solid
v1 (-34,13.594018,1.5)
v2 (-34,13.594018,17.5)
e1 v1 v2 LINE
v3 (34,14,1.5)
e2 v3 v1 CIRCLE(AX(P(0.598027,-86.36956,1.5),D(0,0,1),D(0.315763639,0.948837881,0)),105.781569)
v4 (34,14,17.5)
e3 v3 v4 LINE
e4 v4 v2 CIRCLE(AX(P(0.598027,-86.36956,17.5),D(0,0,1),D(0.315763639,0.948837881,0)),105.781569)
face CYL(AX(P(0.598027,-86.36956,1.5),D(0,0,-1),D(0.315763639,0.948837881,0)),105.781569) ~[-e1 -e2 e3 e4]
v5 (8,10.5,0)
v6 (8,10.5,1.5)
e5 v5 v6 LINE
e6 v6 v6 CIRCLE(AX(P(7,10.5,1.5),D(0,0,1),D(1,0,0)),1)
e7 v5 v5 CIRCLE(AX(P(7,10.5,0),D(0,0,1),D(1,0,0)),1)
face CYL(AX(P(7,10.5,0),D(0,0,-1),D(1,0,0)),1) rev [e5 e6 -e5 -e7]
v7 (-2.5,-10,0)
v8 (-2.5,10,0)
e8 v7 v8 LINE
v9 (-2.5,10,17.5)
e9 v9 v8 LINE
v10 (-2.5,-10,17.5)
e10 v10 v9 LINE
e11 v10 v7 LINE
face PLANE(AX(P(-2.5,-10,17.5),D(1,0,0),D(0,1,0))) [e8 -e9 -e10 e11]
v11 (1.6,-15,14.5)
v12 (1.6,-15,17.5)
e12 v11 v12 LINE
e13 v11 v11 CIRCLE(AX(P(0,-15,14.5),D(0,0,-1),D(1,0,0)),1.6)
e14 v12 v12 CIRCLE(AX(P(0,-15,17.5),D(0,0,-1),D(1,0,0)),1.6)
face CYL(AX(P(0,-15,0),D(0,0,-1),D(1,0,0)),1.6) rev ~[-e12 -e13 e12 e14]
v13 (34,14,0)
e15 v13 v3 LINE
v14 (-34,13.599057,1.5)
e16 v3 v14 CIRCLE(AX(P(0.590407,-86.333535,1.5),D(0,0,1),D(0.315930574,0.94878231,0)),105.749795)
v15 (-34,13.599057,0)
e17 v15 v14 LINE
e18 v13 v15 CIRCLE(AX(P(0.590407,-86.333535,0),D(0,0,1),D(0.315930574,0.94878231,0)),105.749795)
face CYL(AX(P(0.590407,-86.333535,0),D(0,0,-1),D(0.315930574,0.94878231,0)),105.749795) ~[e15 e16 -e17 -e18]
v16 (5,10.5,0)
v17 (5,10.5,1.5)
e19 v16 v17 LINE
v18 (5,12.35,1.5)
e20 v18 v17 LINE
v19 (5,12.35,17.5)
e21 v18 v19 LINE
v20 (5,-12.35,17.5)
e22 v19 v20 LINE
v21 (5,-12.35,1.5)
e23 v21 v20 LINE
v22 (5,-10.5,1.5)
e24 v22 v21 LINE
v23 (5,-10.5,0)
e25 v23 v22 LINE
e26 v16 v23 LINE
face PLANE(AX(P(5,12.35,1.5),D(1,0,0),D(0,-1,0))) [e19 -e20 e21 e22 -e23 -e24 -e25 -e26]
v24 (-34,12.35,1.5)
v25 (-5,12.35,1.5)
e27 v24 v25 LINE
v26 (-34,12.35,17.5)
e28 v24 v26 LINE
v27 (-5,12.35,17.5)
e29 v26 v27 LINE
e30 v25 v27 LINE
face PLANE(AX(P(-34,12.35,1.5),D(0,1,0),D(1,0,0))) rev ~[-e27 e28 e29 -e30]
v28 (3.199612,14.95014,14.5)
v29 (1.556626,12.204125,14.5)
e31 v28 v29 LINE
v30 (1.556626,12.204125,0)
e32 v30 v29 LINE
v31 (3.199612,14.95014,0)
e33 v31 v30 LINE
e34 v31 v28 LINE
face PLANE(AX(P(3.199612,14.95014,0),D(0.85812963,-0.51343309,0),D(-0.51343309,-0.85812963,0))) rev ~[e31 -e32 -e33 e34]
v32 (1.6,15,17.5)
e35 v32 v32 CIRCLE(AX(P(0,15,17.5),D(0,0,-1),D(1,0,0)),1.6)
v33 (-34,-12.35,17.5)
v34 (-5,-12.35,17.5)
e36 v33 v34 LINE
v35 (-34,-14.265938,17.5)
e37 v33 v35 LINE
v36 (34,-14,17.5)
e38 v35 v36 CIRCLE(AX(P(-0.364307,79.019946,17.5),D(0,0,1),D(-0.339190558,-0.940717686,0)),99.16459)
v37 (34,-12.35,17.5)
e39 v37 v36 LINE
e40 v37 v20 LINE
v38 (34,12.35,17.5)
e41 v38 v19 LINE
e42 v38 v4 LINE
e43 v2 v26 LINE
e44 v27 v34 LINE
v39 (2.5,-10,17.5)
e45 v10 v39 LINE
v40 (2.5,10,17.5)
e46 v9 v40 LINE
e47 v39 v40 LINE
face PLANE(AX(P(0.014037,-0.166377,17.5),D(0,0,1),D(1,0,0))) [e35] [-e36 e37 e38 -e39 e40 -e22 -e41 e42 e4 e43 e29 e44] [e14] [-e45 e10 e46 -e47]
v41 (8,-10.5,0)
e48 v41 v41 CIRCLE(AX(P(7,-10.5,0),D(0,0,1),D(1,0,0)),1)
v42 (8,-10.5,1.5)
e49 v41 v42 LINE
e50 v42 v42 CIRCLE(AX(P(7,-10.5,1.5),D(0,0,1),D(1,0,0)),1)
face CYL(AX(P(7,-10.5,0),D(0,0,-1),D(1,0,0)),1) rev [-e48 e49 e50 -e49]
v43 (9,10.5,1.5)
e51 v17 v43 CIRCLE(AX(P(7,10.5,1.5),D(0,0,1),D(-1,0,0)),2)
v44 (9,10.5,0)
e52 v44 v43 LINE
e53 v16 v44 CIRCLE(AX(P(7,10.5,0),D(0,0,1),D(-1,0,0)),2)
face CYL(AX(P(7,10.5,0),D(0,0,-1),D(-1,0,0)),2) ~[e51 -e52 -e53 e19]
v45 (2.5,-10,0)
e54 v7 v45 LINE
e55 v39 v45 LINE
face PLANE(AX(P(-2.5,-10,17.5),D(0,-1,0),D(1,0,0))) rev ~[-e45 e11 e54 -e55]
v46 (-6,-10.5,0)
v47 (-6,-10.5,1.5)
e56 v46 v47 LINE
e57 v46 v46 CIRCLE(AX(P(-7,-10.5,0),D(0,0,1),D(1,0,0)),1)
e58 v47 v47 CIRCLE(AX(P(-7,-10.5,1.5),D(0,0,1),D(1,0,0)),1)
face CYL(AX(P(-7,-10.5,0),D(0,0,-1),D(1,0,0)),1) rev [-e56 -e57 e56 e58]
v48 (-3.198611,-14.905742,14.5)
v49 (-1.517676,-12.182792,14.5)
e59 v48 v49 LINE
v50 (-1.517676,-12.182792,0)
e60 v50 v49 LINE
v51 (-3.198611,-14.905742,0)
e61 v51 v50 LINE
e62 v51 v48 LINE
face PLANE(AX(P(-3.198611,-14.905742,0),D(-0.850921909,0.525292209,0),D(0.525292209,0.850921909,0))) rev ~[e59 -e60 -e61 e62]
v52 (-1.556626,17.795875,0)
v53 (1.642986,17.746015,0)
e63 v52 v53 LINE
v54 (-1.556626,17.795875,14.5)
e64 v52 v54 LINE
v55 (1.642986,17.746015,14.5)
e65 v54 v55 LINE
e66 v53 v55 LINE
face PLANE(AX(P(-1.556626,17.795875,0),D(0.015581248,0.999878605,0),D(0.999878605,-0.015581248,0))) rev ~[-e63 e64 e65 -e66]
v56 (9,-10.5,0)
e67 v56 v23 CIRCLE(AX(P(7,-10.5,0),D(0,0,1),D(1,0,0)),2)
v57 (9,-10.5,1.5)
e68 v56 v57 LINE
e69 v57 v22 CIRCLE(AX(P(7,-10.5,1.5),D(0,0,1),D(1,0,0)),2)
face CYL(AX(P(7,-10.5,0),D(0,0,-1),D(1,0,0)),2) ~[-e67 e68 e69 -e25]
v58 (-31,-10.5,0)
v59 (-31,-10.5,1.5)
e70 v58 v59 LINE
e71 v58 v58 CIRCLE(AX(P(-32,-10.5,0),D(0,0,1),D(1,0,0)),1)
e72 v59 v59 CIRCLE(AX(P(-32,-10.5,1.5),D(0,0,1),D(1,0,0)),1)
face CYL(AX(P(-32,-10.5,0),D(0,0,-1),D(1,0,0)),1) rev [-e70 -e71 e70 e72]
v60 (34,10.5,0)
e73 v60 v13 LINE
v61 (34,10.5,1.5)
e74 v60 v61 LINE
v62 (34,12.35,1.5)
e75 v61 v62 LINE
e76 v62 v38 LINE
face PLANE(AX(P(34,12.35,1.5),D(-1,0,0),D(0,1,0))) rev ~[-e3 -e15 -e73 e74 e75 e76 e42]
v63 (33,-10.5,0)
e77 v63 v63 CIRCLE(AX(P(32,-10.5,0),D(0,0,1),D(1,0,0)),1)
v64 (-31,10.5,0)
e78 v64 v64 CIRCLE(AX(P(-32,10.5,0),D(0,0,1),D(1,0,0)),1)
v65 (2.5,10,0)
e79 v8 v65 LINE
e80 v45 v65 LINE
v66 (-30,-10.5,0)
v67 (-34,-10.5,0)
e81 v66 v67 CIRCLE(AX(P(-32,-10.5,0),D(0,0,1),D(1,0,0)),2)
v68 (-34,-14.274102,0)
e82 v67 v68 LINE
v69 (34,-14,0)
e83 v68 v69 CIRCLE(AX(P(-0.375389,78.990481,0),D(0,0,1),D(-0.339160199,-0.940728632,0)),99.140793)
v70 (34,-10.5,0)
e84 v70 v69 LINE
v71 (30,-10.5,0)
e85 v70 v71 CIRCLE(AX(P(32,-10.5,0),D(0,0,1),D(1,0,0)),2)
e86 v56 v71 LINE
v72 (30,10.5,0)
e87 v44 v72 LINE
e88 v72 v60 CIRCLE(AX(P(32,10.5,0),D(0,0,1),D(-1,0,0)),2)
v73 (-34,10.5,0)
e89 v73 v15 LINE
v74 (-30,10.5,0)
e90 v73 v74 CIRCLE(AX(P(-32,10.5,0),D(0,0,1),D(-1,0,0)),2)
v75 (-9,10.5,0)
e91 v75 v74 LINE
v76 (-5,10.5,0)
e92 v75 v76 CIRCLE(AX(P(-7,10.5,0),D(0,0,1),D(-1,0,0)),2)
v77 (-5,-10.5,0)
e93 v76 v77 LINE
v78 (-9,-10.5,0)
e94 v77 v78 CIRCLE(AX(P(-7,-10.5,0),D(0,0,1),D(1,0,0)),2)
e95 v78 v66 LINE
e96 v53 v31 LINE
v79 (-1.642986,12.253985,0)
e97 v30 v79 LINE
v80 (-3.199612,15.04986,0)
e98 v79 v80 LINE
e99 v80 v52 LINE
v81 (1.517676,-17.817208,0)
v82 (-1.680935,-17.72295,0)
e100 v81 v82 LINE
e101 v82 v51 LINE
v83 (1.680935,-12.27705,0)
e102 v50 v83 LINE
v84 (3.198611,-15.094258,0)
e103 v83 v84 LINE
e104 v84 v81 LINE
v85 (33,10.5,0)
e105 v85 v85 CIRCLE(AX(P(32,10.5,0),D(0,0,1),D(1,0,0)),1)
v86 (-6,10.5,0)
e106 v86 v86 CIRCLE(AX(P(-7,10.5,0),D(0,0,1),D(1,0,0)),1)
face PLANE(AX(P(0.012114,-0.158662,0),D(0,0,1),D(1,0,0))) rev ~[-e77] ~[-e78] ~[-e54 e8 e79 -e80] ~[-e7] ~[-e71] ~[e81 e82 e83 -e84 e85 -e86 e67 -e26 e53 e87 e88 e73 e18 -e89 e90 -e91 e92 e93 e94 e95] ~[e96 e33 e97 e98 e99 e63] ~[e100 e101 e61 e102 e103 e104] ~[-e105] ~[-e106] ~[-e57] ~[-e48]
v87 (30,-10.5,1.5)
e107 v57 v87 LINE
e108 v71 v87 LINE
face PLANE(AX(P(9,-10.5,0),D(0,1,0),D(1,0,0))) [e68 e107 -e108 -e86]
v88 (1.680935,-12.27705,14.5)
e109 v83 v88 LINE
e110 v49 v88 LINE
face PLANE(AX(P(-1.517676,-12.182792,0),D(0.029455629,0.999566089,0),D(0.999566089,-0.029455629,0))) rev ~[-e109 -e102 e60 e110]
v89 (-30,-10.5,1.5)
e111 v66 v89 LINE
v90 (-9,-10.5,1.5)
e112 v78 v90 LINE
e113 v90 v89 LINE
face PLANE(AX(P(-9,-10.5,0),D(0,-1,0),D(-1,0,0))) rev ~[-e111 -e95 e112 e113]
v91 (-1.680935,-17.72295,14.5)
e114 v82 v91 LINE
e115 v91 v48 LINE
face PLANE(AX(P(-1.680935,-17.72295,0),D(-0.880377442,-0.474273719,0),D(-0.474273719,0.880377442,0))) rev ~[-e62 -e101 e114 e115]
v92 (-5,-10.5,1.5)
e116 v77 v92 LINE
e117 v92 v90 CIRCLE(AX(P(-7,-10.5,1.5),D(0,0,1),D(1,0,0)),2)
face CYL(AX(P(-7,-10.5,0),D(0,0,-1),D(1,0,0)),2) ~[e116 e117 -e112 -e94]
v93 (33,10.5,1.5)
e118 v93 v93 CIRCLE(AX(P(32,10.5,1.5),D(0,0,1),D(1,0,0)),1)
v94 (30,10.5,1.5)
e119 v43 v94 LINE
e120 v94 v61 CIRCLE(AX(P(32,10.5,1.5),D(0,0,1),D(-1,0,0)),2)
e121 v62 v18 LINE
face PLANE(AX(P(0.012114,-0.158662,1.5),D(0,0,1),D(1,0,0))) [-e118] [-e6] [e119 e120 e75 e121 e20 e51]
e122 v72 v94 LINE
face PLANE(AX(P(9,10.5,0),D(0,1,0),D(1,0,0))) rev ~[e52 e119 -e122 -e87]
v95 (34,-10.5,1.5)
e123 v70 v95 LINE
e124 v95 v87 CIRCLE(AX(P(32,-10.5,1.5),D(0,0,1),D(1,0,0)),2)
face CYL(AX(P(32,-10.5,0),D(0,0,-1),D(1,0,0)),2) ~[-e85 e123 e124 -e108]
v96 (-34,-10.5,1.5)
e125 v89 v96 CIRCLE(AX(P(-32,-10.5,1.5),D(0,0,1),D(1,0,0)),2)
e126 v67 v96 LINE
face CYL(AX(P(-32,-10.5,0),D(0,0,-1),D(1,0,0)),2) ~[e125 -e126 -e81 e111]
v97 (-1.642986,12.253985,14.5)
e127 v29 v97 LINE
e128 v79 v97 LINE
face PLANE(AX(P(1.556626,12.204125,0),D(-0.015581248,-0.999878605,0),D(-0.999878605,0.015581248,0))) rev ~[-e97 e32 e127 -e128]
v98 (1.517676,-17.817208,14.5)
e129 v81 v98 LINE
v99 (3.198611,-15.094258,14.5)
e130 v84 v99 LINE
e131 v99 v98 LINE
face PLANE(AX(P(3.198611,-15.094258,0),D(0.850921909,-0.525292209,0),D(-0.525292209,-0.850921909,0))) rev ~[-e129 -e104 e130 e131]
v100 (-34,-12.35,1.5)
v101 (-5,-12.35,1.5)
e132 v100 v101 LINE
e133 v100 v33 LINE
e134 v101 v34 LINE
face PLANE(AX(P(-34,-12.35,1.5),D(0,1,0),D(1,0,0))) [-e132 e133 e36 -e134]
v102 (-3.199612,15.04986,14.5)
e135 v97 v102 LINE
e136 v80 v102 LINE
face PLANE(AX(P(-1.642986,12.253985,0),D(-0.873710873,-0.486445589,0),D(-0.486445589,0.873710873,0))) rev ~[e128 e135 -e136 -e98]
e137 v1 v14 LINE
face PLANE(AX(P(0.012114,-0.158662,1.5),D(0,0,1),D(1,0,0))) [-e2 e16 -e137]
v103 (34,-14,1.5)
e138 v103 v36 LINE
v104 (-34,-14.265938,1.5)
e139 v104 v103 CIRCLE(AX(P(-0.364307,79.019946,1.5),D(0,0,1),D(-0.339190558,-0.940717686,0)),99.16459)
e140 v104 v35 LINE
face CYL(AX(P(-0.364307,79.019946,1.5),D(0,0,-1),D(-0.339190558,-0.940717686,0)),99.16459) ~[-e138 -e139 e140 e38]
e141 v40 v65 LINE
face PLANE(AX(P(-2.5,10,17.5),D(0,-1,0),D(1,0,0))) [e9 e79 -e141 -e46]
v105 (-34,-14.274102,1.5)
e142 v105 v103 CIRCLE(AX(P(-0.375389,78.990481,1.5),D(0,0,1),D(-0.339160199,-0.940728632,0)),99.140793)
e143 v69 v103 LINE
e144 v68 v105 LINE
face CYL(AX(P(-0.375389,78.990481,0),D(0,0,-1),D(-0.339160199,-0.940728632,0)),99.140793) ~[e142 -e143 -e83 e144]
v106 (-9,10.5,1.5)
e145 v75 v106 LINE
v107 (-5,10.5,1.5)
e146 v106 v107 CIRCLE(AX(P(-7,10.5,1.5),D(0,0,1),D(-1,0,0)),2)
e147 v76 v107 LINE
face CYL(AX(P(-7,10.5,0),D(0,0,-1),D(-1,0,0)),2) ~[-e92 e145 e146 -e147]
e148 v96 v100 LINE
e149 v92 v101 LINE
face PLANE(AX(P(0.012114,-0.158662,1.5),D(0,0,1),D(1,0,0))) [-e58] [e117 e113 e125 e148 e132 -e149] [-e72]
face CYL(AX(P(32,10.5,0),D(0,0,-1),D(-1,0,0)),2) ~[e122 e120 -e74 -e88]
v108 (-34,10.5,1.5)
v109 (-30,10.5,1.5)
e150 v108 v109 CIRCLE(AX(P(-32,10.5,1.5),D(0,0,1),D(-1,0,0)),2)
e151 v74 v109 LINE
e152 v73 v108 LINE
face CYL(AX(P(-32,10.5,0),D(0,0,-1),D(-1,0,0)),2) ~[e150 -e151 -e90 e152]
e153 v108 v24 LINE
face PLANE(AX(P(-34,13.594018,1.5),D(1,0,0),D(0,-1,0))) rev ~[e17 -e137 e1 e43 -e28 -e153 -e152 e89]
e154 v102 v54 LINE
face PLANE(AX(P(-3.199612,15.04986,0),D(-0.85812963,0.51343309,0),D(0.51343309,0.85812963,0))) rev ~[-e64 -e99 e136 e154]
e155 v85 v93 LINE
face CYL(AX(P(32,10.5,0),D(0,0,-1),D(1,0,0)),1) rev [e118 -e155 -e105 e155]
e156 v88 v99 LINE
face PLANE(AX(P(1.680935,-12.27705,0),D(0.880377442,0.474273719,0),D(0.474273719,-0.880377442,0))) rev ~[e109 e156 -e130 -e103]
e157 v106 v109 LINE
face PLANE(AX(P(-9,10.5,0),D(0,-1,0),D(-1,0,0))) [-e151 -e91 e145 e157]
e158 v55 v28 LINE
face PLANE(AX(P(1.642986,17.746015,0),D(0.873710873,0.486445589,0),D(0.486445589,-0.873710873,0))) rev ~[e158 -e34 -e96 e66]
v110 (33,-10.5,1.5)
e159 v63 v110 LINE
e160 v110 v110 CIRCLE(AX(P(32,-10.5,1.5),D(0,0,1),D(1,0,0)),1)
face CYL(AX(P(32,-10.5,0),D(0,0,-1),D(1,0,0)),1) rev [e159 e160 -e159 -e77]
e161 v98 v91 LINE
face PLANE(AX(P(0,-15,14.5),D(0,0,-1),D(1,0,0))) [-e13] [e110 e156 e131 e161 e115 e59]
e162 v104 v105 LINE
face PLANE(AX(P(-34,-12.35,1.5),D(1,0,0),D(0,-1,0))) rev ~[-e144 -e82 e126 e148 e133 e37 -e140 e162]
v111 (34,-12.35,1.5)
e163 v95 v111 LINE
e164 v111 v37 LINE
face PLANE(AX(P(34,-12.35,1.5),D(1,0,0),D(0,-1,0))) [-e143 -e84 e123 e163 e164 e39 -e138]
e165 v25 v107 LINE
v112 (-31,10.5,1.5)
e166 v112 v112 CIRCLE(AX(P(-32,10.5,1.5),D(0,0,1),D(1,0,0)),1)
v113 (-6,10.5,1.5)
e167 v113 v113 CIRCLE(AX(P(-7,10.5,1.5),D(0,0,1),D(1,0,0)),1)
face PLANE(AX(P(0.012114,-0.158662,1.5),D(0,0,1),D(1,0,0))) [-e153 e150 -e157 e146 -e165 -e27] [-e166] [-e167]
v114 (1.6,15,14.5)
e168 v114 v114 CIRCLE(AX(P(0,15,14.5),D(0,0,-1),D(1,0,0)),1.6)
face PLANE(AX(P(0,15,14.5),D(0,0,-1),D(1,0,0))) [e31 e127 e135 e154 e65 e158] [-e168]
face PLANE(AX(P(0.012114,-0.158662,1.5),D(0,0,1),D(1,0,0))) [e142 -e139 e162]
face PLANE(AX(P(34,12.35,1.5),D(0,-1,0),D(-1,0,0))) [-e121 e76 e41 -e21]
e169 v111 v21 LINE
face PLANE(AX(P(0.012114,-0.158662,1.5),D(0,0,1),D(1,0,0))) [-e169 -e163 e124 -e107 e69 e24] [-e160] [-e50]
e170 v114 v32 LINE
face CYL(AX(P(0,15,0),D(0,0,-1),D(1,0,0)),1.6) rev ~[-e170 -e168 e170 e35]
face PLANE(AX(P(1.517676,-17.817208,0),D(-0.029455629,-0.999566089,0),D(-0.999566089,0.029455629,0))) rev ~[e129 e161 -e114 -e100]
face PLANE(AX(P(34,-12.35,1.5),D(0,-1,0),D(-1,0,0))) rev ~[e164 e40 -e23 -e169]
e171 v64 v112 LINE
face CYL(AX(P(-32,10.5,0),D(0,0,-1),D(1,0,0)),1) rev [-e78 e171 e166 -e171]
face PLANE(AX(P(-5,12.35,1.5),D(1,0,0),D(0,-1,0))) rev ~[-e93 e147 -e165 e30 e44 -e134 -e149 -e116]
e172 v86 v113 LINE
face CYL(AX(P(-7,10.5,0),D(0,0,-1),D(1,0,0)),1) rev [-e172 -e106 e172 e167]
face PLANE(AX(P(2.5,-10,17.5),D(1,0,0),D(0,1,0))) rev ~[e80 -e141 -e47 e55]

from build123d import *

# Parameters (mm, degrees)
SKETCH_R        = 1
PAD_DEPTH       = 1.5
PAD001_DEPTH    = 16
SKETCH002_R     = 1.6
POCKET_DEPTH    = 40
POCKET001_DEPTH = 14.5
SKETCH006_W     = 5
SKETCH006_H     = 20
POCKET002_DEPTH = 20


with BuildPart() as part:
    # Sketch → Pad (new body)
    with BuildSketch(Plane.XY):
        with BuildLine():
            Line((9, 10.5), (30, 10.5))
            ThreePointArc((30, 10.5), (32, 8.5), (34, 10.5))
            Line((34, 10.5), (34, 14))
            ThreePointArc((34, 14), (-0.033107, 19.414422), (-34, 13.599057))
            Line((-34, 10.5), (-34, 13.599057))
            ThreePointArc((-34, 10.5), (-32, 8.5), (-30, 10.5))
            Line((-9, 10.5), (-30, 10.5))
            ThreePointArc((-9, 10.5), (-7, 8.5), (-5, 10.5))
            Line((-5, 10.5), (-5, -10.5))
            ThreePointArc((-5, -10.5), (-7, -8.5), (-9, -10.5))
            Line((-9, -10.5), (-30, -10.5))
            ThreePointArc((-30, -10.5), (-32, -8.5), (-34, -10.5))
            Line((-34, -10.5), (-34, -14.274102))
            ThreePointArc((-34, -14.274102), (0.024236, -20.149507), (34, -14))
            Line((34, -10.5), (34, -14))
            ThreePointArc((34, -10.5), (32, -8.5), (30, -10.5))
            Line((9, -10.5), (30, -10.5))
            ThreePointArc((9, -10.5), (7, -8.5), (5, -10.5))
            Line((5, 10.5), (5, -10.5))
            ThreePointArc((5, 10.5), (7, 8.5), (9, 10.5))
        make_face()
        with Locations((7, 10.5)):
            Circle(SKETCH_R, mode=Mode.SUBTRACT)
        with Locations((7, -10.5)):
            Circle(SKETCH_R, mode=Mode.SUBTRACT)
        with Locations((32, 10.5)):
            Circle(SKETCH_R, mode=Mode.SUBTRACT)
        with Locations((32, -10.5)):
            Circle(SKETCH_R, mode=Mode.SUBTRACT)
        with Locations((-7, 10.5)):
            Circle(SKETCH_R, mode=Mode.SUBTRACT)
        with Locations((-7, -10.5)):
            Circle(SKETCH_R, mode=Mode.SUBTRACT)
        with Locations((-32, 10.5)):
            Circle(SKETCH_R, mode=Mode.SUBTRACT)
        with Locations((-32, -10.5)):
            Circle(SKETCH_R, mode=Mode.SUBTRACT)
    extrude(amount=PAD_DEPTH)

    # Sketch001 → Pad001 (new body)
    with BuildSketch(Plane.XY.offset(1.5)):
        with BuildLine():
            Line((-34, 12.35), (-5, 12.35))
            Line((-5, 12.35), (-5, 10.5))
            Line((-5, 10.5), (-5, -10.5))
            Line((-5, -10.5), (-5, -12.35))
            Line((-34, -12.35), (-5, -12.35))
            Line((-34, -12.35), (-34, -14.265938))
            ThreePointArc((-34, -14.265938), (0.023508, -20.143886), (34, -14))
            Line((34, -12.35), (34, -14))
            Line((34, -12.35), (5, -12.35))
            Line((5, -10.5), (5, -12.35))
            Line((5, 10.5), (5, -10.5))
            Line((5, 12.35), (5, 10.5))
            Line((34, 12.35), (5, 12.35))
            Line((34, 12.35), (34, 14))
            ThreePointArc((34, 14), (-0.033512, 19.410124), (-34, 13.594018))
            Line((-34, 13.594018), (-34, 12.35))
        make_face()
    extrude(amount=PAD001_DEPTH)

    # Sketch002 → Pocket (cut)
    with BuildSketch(Plane(origin=(0, 0, 0), x_dir=(1, 0, 0), z_dir=(0, 0, -1))):
        with Locations((0, 15)):
            Circle(SKETCH002_R)
        with Locations((0, -15)):
            Circle(SKETCH002_R)
    extrude(amount=-POCKET_DEPTH, mode=Mode.SUBTRACT)

    # Sketch005 → Pocket001 (cut)
    with BuildSketch(Plane(origin=(0, 0, 0), x_dir=(1, 0, 0), z_dir=(0, 0, -1))):
        Polygon((1.680935, 12.27705), (3.198611, 15.094258), (1.517676, 17.817208), (-1.680935, 17.72295), (-3.198611, 14.905742), (-1.517676, 12.182792), align=None)
        Polygon((1.642986, -17.746015), (3.199612, -14.95014), (1.556626, -12.204125), (-1.642986, -12.253985), (-3.199612, -15.04986), (-1.556626, -17.795875), align=None)
    extrude(amount=-POCKET001_DEPTH, mode=Mode.SUBTRACT)

    # Sketch006 → Pocket002 (cut)
    with BuildSketch(Plane.XY.offset(17.5)):
        Rectangle(SKETCH006_W, SKETCH006_H)
    extrude(amount=-POCKET002_DEPTH, mode=Mode.SUBTRACT)


solid = part.part
